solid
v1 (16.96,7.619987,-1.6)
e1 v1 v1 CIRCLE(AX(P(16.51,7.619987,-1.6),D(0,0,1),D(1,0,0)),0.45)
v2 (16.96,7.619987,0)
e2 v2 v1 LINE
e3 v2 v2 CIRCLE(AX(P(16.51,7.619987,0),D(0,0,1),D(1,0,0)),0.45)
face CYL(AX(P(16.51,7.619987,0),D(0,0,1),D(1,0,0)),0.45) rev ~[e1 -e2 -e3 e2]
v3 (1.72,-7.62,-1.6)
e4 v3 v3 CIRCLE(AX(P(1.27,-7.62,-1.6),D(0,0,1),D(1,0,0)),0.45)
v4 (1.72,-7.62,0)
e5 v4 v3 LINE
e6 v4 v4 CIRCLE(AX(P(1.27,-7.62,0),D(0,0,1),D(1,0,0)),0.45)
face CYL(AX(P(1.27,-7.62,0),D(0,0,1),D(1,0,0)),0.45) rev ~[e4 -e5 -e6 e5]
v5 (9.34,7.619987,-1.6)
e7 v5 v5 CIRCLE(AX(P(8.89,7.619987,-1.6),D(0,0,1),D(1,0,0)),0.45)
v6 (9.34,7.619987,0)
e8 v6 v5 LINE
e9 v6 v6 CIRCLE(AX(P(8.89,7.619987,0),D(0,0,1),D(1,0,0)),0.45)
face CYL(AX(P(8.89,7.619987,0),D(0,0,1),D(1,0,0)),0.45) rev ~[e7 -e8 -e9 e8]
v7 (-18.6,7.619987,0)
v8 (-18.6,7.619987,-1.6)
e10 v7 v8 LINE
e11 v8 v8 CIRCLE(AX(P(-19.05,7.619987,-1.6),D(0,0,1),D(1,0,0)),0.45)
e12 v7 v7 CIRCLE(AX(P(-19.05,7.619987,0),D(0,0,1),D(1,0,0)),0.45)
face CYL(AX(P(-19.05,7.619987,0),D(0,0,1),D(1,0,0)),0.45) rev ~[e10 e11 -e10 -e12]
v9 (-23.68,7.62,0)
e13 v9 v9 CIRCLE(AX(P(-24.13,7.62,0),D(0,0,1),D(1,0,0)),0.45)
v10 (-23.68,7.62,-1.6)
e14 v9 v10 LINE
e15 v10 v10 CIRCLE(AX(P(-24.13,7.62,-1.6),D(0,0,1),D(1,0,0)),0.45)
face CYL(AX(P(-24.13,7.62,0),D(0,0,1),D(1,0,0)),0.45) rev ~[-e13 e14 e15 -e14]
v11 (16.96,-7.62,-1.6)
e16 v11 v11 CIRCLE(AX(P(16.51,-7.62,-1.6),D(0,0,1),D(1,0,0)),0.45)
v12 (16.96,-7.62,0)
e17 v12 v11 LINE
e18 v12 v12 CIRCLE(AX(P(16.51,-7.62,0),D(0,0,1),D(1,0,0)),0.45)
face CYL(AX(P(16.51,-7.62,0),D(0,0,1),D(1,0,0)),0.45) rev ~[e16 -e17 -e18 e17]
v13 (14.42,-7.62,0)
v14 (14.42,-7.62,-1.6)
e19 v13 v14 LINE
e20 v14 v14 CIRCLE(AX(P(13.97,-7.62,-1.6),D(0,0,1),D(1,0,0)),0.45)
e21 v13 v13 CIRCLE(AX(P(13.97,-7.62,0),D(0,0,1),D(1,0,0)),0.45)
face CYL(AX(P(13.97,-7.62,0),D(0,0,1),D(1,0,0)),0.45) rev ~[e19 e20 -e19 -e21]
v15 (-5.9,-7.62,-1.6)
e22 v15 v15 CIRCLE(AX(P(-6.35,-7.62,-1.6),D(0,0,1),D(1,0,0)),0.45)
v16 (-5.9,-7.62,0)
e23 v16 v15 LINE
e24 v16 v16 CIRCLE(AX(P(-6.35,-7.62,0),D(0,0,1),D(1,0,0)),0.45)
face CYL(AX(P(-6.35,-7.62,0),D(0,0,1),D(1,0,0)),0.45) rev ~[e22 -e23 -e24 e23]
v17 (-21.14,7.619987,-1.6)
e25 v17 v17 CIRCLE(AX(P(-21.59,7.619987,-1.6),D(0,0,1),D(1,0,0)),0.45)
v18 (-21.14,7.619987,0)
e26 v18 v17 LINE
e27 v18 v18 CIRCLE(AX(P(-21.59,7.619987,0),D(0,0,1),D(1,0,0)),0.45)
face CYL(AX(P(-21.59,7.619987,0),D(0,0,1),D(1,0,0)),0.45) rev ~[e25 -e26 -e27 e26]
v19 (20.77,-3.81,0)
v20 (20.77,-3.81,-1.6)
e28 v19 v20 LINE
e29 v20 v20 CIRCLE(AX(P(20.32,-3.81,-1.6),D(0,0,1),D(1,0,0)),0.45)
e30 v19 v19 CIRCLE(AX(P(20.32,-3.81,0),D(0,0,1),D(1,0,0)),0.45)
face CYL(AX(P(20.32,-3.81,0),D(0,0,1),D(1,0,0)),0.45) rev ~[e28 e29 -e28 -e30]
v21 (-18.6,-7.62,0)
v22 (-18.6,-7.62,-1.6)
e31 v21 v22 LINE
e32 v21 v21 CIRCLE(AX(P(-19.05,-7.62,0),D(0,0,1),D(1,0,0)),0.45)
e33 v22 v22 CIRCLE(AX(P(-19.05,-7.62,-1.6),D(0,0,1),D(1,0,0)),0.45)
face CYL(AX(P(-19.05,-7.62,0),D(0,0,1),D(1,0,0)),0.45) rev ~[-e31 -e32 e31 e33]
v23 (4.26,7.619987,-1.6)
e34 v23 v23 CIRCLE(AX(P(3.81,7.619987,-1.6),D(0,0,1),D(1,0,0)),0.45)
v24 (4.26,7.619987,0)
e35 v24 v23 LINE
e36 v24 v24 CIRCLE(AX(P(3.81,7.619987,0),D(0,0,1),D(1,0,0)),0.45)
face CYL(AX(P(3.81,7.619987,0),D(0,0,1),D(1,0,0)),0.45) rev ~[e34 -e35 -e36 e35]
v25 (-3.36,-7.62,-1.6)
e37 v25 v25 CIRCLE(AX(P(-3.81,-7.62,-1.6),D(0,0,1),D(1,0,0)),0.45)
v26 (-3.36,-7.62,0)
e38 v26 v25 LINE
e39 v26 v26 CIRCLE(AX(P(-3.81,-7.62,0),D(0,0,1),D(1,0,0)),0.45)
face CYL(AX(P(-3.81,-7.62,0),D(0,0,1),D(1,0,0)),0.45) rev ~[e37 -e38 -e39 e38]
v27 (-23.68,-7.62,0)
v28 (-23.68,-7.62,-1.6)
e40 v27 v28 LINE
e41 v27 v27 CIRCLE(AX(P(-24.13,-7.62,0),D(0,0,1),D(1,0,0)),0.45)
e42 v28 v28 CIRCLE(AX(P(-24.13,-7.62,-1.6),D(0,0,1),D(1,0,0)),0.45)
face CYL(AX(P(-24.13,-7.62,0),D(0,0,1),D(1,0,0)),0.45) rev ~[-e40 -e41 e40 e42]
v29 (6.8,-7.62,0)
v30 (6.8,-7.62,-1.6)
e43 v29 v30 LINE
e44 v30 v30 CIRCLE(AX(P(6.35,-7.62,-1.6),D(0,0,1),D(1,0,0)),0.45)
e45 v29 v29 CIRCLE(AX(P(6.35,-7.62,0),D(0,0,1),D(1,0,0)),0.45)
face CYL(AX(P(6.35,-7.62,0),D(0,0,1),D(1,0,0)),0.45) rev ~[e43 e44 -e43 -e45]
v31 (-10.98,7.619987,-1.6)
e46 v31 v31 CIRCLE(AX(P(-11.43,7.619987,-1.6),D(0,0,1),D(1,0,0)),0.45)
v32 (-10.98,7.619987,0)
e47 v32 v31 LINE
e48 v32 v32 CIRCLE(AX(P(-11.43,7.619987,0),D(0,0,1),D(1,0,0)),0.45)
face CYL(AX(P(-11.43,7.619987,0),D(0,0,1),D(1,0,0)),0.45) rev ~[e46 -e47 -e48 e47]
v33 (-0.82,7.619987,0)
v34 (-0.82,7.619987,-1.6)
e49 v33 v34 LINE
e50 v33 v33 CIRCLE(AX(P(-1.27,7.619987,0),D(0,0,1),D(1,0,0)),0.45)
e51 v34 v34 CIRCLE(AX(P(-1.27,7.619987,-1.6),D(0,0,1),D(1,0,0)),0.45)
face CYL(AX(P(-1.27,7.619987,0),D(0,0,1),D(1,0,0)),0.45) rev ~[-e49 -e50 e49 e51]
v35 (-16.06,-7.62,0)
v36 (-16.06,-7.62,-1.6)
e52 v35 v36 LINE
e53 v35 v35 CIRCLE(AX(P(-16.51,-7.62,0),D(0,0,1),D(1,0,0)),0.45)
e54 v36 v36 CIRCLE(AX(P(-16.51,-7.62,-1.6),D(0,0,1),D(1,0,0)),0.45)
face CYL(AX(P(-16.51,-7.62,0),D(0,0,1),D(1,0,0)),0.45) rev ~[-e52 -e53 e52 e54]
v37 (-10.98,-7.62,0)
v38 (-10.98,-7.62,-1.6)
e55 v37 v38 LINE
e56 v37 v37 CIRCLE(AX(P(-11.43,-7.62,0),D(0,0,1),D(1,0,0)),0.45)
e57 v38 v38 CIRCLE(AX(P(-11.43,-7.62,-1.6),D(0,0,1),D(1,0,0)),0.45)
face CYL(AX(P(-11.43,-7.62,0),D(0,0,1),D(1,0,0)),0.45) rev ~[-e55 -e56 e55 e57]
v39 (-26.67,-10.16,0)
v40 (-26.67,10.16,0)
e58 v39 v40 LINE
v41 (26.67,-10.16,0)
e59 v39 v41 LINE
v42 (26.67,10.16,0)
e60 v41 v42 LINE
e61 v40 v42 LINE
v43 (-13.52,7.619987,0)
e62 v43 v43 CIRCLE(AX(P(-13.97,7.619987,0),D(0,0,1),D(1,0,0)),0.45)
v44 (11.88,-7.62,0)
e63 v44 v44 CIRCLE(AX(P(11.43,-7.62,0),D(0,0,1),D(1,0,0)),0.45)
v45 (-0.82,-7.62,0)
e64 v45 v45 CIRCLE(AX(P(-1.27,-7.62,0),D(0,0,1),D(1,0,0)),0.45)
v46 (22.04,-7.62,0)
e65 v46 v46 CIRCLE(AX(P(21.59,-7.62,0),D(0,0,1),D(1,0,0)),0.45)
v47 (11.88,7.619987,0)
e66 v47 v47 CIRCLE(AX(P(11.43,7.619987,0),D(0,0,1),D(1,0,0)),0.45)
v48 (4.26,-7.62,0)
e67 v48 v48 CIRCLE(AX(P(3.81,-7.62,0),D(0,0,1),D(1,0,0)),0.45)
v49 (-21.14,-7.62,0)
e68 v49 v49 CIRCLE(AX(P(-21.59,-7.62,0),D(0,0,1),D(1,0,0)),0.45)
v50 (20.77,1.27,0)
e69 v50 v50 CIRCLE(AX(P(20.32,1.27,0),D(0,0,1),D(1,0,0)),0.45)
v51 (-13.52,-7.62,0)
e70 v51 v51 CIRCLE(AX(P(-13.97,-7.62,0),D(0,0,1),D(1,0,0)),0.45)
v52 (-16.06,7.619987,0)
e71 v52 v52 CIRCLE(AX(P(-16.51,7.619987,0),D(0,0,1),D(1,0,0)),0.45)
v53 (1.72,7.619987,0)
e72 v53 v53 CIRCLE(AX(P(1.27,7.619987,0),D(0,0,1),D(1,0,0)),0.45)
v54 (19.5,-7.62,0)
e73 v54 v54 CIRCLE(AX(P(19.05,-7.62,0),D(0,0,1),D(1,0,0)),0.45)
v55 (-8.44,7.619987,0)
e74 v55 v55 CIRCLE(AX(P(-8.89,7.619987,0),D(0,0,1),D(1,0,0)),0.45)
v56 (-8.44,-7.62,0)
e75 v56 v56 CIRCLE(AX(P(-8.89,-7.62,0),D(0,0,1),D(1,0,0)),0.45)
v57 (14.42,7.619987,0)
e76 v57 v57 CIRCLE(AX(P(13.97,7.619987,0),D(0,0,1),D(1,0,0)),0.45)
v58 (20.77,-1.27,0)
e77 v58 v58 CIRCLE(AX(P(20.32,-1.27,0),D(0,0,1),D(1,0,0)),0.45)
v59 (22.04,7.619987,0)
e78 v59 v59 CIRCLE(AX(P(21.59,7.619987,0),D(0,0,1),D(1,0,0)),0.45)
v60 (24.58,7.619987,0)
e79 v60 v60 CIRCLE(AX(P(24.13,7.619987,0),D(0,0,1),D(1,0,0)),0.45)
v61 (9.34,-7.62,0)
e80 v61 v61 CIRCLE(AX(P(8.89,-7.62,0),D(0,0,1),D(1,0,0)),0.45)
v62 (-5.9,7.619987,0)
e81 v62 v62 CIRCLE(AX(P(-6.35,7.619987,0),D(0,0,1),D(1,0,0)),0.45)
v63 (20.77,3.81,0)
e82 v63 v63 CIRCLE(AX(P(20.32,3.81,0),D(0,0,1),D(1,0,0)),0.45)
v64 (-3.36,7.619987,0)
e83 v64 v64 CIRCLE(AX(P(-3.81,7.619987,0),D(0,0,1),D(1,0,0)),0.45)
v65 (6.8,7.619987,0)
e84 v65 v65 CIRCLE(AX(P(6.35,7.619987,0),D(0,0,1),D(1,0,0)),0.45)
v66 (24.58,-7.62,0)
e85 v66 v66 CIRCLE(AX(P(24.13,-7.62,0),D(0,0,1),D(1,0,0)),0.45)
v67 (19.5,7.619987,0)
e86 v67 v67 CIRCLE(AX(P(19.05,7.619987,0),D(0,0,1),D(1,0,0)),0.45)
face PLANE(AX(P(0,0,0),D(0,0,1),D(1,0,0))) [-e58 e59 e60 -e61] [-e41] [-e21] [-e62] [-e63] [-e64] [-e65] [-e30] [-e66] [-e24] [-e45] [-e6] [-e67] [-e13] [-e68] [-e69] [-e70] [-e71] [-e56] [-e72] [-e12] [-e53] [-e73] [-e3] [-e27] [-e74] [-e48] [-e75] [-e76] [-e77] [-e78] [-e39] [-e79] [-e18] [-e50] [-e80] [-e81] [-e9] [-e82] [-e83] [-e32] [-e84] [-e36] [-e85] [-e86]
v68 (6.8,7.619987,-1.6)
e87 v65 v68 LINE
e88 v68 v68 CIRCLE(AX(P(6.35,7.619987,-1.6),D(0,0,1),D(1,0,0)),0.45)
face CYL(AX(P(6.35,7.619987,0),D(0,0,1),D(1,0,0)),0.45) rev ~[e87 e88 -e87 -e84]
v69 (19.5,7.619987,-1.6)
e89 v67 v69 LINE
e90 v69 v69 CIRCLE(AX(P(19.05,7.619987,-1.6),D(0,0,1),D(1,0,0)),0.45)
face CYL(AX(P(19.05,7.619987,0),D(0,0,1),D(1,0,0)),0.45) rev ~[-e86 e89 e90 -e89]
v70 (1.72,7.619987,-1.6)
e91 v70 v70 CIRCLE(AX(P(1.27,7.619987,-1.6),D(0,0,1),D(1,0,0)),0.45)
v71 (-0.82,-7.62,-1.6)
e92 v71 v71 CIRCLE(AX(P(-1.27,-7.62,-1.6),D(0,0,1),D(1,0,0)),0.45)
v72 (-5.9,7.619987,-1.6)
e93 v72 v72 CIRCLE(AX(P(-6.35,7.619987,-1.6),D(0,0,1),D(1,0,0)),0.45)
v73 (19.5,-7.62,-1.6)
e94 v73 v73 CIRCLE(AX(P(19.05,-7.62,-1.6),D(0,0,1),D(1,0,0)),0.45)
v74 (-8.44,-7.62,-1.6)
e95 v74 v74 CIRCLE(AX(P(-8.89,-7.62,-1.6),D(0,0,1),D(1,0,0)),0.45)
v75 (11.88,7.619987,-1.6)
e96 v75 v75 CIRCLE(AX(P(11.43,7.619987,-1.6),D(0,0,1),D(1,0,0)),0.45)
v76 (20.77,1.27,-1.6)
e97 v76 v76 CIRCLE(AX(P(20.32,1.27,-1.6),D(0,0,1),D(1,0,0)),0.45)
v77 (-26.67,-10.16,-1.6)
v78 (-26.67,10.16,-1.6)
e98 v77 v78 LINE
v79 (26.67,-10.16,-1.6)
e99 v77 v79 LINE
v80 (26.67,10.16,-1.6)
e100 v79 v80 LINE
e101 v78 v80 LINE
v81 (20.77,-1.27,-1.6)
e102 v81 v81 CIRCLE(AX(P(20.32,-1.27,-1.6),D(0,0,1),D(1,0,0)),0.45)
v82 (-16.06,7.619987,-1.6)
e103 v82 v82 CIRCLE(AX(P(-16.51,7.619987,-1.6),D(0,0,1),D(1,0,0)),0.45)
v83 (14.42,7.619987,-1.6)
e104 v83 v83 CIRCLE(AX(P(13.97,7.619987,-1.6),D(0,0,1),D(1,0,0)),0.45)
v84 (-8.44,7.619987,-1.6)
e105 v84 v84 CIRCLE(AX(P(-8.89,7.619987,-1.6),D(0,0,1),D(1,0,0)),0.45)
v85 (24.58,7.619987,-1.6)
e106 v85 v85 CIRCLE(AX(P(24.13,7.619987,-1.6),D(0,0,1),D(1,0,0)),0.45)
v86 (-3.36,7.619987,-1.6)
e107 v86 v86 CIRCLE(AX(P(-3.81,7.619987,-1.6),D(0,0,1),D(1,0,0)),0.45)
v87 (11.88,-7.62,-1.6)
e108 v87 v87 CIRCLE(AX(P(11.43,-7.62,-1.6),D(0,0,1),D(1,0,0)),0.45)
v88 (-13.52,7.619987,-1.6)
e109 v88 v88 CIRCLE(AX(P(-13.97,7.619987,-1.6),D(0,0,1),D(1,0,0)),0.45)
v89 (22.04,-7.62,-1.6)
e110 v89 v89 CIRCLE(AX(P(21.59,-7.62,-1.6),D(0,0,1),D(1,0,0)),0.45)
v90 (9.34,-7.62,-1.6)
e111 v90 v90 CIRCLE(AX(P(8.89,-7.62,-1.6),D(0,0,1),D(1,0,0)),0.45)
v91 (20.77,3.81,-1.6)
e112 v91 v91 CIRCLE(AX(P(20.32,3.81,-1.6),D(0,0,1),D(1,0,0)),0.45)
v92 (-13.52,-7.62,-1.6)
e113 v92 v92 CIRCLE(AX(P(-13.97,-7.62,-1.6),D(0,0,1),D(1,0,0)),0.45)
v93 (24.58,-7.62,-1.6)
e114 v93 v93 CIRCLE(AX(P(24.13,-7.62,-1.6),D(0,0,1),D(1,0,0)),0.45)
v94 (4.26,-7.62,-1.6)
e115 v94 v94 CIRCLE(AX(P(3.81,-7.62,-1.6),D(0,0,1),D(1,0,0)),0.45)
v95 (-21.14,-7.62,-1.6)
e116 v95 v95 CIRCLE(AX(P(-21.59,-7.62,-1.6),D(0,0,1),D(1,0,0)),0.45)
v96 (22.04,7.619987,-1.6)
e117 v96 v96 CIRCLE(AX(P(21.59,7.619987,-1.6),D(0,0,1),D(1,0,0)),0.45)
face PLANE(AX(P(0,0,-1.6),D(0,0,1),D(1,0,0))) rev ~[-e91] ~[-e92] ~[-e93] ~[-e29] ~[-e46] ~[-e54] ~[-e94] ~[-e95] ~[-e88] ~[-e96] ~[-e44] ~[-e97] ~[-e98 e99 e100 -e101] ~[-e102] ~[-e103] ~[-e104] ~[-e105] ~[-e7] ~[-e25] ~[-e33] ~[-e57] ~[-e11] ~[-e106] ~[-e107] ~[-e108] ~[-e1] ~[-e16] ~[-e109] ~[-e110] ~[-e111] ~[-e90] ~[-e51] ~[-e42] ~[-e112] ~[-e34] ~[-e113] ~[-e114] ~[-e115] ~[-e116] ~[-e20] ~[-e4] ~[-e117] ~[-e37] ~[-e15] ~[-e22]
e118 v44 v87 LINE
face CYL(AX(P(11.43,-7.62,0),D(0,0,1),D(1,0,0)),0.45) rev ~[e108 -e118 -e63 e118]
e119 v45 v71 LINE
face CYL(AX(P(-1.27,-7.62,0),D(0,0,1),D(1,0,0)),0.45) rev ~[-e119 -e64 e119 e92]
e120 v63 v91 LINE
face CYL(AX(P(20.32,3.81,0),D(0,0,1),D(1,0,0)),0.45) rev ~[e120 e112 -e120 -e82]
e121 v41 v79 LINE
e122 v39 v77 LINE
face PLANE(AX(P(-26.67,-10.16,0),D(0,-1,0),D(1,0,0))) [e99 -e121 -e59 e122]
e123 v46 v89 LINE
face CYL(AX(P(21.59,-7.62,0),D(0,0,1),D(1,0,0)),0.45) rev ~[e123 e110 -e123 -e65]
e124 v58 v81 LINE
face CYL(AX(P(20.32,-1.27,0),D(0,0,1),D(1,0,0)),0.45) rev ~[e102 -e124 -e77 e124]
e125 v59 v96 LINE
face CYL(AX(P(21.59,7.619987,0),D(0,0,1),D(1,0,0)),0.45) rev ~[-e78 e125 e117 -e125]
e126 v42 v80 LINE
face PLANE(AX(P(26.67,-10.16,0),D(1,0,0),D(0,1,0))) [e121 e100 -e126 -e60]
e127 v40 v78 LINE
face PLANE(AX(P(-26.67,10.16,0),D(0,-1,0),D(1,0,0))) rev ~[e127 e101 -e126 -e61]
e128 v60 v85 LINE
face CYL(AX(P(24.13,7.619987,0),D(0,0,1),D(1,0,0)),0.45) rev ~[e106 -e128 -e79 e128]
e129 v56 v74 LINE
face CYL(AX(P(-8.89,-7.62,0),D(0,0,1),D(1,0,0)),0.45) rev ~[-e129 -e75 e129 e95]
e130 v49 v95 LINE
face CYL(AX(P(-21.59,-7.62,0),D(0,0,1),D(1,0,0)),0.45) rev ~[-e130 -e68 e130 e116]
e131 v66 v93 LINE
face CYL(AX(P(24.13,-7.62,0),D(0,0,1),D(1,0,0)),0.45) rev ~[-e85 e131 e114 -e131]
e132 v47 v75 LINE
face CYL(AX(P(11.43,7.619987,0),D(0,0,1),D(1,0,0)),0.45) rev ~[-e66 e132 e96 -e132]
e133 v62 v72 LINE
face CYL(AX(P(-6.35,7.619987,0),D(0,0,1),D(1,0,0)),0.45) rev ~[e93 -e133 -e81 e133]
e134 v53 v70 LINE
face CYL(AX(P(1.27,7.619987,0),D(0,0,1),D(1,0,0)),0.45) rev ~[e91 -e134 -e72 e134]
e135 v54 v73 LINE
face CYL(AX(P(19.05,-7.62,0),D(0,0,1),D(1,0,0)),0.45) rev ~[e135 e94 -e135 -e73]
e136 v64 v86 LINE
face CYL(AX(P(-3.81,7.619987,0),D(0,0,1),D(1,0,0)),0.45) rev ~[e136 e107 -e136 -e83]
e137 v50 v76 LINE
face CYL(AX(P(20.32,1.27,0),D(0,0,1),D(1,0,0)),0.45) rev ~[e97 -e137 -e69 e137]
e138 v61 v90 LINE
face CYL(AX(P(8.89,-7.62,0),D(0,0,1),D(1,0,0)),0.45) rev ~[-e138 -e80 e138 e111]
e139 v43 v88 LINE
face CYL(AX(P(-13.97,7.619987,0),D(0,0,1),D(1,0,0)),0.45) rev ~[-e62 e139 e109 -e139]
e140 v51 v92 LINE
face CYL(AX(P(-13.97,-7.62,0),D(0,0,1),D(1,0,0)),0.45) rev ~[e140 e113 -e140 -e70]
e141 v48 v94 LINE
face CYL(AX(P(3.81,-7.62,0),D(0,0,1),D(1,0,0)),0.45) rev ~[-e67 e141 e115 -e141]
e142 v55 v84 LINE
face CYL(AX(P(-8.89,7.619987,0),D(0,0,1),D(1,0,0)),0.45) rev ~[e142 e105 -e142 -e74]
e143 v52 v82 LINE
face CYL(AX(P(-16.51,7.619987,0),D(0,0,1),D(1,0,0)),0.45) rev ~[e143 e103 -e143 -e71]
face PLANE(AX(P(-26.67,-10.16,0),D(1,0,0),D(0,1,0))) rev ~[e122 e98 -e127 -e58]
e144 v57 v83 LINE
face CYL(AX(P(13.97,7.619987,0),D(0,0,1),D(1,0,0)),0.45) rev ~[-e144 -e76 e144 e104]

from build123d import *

# Parameters (mm, degrees)
SKETCH_W     = 53.34
SKETCH_H     = 20.32
PAD_DEPTH    = 1.6
SKETCH001_R  = 0.45
POCKET_DEPTH = 5


with BuildPart() as part:
    # Sketch → Pad (new body)
    with BuildSketch(Plane.XY):
        Rectangle(SKETCH_W, SKETCH_H)
    extrude(amount=-PAD_DEPTH)

    # Sketch001 (on Face5 of Pad) → Pocket (cut)
    with BuildSketch(Plane.XY):
        with Locations((-24.13, 7.62)):
            Circle(SKETCH001_R)
        with Locations((-21.59, 7.619987)):
            Circle(SKETCH001_R)
        with Locations((-19.05, 7.619987)):
            Circle(SKETCH001_R)
        with Locations((-16.51, 7.619987)):
            Circle(SKETCH001_R)
        with Locations((-13.97, 7.619987)):
            Circle(SKETCH001_R)
        with Locations((-11.43, 7.619987)):
            Circle(SKETCH001_R)
        with Locations((-8.89, 7.619987)):
            Circle(SKETCH001_R)
        with Locations((-6.35, 7.619987)):
            Circle(SKETCH001_R)
        with Locations((-3.81, 7.619987)):
            Circle(SKETCH001_R)
        with Locations((-1.27, 7.619987)):
            Circle(SKETCH001_R)
        with Locations((1.27, 7.619987)):
            Circle(SKETCH001_R)
        with Locations((3.81, 7.619987)):
            Circle(SKETCH001_R)
        with Locations((6.35, 7.619987)):
            Circle(SKETCH001_R)
        with Locations((8.89, 7.619987)):
            Circle(SKETCH001_R)
        with Locations((11.43, 7.619987)):
            Circle(SKETCH001_R)
        with Locations((13.97, 7.619987)):
            Circle(SKETCH001_R)
        with Locations((16.51, 7.619987)):
            Circle(SKETCH001_R)
        with Locations((19.05, 7.619987)):
            Circle(SKETCH001_R)
        with Locations((21.59, 7.619987)):
            Circle(SKETCH001_R)
        with Locations((24.13, 7.619987)):
            Circle(SKETCH001_R)
        with Locations((-24.13, -7.62)):
            Circle(SKETCH001_R)
        with Locations((-21.59, -7.62)):
            Circle(SKETCH001_R)
        with Locations((-19.05, -7.62)):
            Circle(SKETCH001_R)
        with Locations((-16.51, -7.62)):
            Circle(SKETCH001_R)
        with Locations((-13.97, -7.62)):
            Circle(SKETCH001_R)
        with Locations((-11.43, -7.62)):
            Circle(SKETCH001_R)
        with Locations((-8.89, -7.62)):
            Circle(SKETCH001_R)
        with Locations((-6.35, -7.62)):
            Circle(SKETCH001_R)
        with Locations((-3.81, -7.62)):
            Circle(SKETCH001_R)
        with Locations((-1.27, -7.62)):
            Circle(SKETCH001_R)
        with Locations((1.27, -7.62)):
            Circle(SKETCH001_R)
        with Locations((3.81, -7.62)):
            Circle(SKETCH001_R)
        with Locations((6.35, -7.62)):
            Circle(SKETCH001_R)
        with Locations((8.89, -7.62)):
            Circle(SKETCH001_R)
        with Locations((11.43, -7.62)):
            Circle(SKETCH001_R)
        with Locations((13.97, -7.62)):
            Circle(SKETCH001_R)
        with Locations((16.51, -7.62)):
            Circle(SKETCH001_R)
        with Locations((19.05, -7.62)):
            Circle(SKETCH001_R)
        with Locations((21.59, -7.62)):
            Circle(SKETCH001_R)
        with Locations((24.13, -7.62)):
            Circle(SKETCH001_R)
        with Locations((20.32, 3.81)):
            Circle(SKETCH001_R)
        with Locations((20.32, 1.27)):
            Circle(SKETCH001_R)
        with Locations((20.32, -1.27)):
            Circle(SKETCH001_R)
        with Locations((20.32, -3.81)):
            Circle(SKETCH001_R)
    extrude(amount=-POCKET_DEPTH, mode=Mode.SUBTRACT)


solid = part.part
